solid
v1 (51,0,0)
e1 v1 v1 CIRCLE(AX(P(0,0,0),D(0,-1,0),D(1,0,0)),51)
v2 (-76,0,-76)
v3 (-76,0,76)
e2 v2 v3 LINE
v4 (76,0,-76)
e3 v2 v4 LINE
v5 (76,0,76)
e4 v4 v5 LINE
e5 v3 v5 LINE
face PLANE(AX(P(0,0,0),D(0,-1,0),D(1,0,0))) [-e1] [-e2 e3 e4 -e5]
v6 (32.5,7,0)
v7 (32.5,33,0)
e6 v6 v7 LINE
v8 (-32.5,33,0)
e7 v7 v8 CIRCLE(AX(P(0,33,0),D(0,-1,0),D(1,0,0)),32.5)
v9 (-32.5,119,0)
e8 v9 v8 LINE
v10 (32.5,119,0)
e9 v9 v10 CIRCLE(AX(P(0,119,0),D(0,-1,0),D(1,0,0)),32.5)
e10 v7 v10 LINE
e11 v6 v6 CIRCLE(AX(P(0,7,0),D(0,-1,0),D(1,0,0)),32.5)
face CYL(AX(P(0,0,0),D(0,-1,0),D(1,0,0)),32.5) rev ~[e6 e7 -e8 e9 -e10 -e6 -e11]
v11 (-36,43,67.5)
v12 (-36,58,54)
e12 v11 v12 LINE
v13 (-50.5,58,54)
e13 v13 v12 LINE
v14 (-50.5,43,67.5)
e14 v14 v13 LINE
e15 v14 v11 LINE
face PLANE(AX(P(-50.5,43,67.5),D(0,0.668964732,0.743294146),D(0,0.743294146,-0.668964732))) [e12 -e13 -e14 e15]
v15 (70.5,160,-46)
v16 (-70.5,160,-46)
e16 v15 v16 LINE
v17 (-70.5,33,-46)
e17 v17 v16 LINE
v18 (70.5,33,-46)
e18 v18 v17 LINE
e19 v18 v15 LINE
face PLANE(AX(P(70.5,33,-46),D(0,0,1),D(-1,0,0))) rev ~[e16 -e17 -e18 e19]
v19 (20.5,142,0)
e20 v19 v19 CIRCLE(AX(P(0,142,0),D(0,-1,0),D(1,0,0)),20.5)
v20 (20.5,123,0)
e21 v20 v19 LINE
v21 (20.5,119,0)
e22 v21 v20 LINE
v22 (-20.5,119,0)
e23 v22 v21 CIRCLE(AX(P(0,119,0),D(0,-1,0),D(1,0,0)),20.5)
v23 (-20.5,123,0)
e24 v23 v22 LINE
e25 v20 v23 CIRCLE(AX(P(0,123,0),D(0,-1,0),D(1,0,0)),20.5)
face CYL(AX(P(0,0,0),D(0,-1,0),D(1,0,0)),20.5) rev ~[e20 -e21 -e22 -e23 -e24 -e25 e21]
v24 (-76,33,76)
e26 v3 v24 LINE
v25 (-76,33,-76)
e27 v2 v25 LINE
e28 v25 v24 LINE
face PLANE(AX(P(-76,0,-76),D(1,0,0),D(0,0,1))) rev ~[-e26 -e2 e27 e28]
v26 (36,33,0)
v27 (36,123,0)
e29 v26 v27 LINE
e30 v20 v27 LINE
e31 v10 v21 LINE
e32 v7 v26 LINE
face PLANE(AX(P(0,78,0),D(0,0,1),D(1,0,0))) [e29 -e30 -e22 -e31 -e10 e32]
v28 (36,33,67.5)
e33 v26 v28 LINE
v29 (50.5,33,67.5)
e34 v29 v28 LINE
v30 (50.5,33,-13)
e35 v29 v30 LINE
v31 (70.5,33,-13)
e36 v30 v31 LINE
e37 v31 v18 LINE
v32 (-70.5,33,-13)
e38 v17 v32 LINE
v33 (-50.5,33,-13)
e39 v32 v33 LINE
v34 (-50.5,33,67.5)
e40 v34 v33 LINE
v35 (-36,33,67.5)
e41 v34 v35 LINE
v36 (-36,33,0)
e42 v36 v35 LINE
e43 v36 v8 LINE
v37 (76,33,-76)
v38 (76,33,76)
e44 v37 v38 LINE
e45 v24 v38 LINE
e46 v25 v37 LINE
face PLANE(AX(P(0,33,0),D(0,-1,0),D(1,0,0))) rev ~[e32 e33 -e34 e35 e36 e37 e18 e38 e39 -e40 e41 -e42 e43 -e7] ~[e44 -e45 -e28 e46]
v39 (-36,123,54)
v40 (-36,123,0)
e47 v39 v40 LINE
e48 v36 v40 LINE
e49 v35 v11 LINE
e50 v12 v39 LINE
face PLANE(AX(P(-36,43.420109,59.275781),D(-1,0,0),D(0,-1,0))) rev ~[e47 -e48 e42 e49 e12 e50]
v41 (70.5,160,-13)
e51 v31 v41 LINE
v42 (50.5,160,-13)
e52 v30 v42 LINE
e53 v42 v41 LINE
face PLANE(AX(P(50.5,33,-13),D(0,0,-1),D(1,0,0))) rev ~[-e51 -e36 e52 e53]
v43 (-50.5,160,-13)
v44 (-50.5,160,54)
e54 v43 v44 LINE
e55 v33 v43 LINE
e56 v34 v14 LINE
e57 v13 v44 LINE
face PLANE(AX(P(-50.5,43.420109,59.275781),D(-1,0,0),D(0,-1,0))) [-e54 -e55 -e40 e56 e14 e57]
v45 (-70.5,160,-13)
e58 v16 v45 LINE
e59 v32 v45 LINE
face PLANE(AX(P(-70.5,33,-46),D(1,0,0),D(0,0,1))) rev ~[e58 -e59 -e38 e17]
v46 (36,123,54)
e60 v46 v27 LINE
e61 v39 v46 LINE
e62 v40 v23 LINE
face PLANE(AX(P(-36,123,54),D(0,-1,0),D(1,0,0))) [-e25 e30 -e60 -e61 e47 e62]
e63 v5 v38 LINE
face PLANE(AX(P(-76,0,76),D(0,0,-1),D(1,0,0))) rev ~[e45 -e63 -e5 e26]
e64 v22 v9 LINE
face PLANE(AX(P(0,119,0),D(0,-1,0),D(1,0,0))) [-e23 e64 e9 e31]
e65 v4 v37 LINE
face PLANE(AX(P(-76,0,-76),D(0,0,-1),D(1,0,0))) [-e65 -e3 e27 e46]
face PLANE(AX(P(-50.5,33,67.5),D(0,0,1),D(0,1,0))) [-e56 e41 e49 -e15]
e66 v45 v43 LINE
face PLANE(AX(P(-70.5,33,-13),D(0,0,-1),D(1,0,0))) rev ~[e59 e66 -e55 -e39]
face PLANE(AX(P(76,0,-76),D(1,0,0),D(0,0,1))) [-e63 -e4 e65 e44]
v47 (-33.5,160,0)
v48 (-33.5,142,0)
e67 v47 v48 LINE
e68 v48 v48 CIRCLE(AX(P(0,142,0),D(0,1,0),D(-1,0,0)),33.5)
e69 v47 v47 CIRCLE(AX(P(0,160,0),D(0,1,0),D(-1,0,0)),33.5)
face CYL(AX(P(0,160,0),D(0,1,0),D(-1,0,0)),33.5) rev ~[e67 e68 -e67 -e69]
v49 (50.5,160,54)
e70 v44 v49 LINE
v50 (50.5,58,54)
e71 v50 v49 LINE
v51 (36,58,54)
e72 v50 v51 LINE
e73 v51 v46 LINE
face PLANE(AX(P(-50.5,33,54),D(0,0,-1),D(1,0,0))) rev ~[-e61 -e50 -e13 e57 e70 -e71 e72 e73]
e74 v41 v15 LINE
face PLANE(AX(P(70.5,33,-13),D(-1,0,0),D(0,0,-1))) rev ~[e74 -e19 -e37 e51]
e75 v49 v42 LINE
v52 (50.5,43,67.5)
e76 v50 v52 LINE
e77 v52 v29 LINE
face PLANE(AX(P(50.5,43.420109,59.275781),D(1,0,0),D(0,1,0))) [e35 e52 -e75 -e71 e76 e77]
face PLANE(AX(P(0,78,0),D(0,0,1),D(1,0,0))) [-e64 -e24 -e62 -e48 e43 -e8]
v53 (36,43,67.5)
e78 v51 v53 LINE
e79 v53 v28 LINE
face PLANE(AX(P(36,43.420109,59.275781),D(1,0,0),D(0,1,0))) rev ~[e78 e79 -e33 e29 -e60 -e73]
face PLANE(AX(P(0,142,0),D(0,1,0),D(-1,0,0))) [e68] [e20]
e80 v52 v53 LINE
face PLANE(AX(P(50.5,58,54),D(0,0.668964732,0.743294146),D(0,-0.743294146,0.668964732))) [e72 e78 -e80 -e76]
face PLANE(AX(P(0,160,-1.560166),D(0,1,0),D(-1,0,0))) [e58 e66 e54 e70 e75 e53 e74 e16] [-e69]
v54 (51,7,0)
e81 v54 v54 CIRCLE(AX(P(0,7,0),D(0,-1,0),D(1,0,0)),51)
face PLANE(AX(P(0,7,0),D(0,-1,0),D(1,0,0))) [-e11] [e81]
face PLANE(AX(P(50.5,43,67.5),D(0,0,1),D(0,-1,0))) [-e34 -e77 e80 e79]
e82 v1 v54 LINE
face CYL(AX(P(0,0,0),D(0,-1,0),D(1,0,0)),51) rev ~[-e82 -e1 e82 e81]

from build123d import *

# Parameters (mm, degrees)
F0_W      = 152
F0_H      = 152
F1_DEPTH  = 33
F3_DEPTH  = 127
F4_R      = 20.5
F5_DEPTH  = 156
F4_R_2    = 32.5
F6_DEPTH  = 119
F4_R_3    = 51
F7_DEPTH  = 7
F8_R      = 33.5
F9_DEPTH  = 18
F10_W     = 72
F10_H     = 90
F11_DEPTH = 54
F13_DEPTH = 14.5
F15_DEPTH = 14.5


with BuildPart() as f1:
    # F0 (on Front) → F1 (new body)
    with BuildSketch(Plane.XZ):
        Rectangle(F0_W, F0_H)
    extrude(amount=-F1_DEPTH)

    # F2 (on face) → F3 (join)
    with BuildSketch(Plane(origin=(0, 33, 0), x_dir=(-1, 0, 0), z_dir=(0, 1, 0))):
        Polygon((50.5, 54), (-50.5, 54), (-50.5, -13), (-70.5, -13), (-70.5, -46), (70.5, -46), (70.5, -13), (50.5, -13), align=None)
    extrude(amount=F3_DEPTH)

    # F4 (on Front) → F5 (cut)
    with BuildSketch(Plane.XZ):
        Circle(F4_R)
    extrude(amount=-F5_DEPTH, mode=Mode.SUBTRACT)

    # F4 (on Front) → F6 (cut)
    with BuildSketch(Plane.XZ):
        Circle(F4_R_2)
        Circle(F4_R, mode=Mode.SUBTRACT)
        Circle(F4_R)
    extrude(amount=-F6_DEPTH, mode=Mode.SUBTRACT)

    # F4 (on Front) → F7 (cut)
    with BuildSketch(Plane.XZ):
        Circle(F4_R_3)
        Circle(F4_R_2, mode=Mode.SUBTRACT)
    extrude(amount=-F7_DEPTH, mode=Mode.SUBTRACT)

    # F8 (on face) → F9 (cut)
    with BuildSketch(Plane(origin=(0, 160, 0), x_dir=(-1, 0, 0), z_dir=(0, 1, 0))):
        Circle(F8_R)
    extrude(amount=-F9_DEPTH, mode=Mode.SUBTRACT)

    # F10 (on face) → F11 (cut)
    with BuildSketch(Plane.XY.offset(54)):
        with Locations((0, 78)):
            Rectangle(F10_W, F10_H)
    extrude(amount=-F11_DEPTH, mode=Mode.SUBTRACT)

    # F12 (on face) → F13 (join)
    with BuildSketch(Plane.YZ.offset(50.5)):
        Polygon((33, 67.5), (33, 54), (58, 54), (43, 67.5), align=None)
    extrude(amount=-F13_DEPTH)

    # F14 (on face) → F15 (join)
    with BuildSketch(Plane(origin=(-50.5, 0, 0), x_dir=(0, -1, 0), z_dir=(-1, 0, 0))):
        Polygon((-58, 54), (-33, 54), (-33, 67.5), (-43, 67.5), align=None)
    extrude(amount=-F15_DEPTH)


solid = f1.part
